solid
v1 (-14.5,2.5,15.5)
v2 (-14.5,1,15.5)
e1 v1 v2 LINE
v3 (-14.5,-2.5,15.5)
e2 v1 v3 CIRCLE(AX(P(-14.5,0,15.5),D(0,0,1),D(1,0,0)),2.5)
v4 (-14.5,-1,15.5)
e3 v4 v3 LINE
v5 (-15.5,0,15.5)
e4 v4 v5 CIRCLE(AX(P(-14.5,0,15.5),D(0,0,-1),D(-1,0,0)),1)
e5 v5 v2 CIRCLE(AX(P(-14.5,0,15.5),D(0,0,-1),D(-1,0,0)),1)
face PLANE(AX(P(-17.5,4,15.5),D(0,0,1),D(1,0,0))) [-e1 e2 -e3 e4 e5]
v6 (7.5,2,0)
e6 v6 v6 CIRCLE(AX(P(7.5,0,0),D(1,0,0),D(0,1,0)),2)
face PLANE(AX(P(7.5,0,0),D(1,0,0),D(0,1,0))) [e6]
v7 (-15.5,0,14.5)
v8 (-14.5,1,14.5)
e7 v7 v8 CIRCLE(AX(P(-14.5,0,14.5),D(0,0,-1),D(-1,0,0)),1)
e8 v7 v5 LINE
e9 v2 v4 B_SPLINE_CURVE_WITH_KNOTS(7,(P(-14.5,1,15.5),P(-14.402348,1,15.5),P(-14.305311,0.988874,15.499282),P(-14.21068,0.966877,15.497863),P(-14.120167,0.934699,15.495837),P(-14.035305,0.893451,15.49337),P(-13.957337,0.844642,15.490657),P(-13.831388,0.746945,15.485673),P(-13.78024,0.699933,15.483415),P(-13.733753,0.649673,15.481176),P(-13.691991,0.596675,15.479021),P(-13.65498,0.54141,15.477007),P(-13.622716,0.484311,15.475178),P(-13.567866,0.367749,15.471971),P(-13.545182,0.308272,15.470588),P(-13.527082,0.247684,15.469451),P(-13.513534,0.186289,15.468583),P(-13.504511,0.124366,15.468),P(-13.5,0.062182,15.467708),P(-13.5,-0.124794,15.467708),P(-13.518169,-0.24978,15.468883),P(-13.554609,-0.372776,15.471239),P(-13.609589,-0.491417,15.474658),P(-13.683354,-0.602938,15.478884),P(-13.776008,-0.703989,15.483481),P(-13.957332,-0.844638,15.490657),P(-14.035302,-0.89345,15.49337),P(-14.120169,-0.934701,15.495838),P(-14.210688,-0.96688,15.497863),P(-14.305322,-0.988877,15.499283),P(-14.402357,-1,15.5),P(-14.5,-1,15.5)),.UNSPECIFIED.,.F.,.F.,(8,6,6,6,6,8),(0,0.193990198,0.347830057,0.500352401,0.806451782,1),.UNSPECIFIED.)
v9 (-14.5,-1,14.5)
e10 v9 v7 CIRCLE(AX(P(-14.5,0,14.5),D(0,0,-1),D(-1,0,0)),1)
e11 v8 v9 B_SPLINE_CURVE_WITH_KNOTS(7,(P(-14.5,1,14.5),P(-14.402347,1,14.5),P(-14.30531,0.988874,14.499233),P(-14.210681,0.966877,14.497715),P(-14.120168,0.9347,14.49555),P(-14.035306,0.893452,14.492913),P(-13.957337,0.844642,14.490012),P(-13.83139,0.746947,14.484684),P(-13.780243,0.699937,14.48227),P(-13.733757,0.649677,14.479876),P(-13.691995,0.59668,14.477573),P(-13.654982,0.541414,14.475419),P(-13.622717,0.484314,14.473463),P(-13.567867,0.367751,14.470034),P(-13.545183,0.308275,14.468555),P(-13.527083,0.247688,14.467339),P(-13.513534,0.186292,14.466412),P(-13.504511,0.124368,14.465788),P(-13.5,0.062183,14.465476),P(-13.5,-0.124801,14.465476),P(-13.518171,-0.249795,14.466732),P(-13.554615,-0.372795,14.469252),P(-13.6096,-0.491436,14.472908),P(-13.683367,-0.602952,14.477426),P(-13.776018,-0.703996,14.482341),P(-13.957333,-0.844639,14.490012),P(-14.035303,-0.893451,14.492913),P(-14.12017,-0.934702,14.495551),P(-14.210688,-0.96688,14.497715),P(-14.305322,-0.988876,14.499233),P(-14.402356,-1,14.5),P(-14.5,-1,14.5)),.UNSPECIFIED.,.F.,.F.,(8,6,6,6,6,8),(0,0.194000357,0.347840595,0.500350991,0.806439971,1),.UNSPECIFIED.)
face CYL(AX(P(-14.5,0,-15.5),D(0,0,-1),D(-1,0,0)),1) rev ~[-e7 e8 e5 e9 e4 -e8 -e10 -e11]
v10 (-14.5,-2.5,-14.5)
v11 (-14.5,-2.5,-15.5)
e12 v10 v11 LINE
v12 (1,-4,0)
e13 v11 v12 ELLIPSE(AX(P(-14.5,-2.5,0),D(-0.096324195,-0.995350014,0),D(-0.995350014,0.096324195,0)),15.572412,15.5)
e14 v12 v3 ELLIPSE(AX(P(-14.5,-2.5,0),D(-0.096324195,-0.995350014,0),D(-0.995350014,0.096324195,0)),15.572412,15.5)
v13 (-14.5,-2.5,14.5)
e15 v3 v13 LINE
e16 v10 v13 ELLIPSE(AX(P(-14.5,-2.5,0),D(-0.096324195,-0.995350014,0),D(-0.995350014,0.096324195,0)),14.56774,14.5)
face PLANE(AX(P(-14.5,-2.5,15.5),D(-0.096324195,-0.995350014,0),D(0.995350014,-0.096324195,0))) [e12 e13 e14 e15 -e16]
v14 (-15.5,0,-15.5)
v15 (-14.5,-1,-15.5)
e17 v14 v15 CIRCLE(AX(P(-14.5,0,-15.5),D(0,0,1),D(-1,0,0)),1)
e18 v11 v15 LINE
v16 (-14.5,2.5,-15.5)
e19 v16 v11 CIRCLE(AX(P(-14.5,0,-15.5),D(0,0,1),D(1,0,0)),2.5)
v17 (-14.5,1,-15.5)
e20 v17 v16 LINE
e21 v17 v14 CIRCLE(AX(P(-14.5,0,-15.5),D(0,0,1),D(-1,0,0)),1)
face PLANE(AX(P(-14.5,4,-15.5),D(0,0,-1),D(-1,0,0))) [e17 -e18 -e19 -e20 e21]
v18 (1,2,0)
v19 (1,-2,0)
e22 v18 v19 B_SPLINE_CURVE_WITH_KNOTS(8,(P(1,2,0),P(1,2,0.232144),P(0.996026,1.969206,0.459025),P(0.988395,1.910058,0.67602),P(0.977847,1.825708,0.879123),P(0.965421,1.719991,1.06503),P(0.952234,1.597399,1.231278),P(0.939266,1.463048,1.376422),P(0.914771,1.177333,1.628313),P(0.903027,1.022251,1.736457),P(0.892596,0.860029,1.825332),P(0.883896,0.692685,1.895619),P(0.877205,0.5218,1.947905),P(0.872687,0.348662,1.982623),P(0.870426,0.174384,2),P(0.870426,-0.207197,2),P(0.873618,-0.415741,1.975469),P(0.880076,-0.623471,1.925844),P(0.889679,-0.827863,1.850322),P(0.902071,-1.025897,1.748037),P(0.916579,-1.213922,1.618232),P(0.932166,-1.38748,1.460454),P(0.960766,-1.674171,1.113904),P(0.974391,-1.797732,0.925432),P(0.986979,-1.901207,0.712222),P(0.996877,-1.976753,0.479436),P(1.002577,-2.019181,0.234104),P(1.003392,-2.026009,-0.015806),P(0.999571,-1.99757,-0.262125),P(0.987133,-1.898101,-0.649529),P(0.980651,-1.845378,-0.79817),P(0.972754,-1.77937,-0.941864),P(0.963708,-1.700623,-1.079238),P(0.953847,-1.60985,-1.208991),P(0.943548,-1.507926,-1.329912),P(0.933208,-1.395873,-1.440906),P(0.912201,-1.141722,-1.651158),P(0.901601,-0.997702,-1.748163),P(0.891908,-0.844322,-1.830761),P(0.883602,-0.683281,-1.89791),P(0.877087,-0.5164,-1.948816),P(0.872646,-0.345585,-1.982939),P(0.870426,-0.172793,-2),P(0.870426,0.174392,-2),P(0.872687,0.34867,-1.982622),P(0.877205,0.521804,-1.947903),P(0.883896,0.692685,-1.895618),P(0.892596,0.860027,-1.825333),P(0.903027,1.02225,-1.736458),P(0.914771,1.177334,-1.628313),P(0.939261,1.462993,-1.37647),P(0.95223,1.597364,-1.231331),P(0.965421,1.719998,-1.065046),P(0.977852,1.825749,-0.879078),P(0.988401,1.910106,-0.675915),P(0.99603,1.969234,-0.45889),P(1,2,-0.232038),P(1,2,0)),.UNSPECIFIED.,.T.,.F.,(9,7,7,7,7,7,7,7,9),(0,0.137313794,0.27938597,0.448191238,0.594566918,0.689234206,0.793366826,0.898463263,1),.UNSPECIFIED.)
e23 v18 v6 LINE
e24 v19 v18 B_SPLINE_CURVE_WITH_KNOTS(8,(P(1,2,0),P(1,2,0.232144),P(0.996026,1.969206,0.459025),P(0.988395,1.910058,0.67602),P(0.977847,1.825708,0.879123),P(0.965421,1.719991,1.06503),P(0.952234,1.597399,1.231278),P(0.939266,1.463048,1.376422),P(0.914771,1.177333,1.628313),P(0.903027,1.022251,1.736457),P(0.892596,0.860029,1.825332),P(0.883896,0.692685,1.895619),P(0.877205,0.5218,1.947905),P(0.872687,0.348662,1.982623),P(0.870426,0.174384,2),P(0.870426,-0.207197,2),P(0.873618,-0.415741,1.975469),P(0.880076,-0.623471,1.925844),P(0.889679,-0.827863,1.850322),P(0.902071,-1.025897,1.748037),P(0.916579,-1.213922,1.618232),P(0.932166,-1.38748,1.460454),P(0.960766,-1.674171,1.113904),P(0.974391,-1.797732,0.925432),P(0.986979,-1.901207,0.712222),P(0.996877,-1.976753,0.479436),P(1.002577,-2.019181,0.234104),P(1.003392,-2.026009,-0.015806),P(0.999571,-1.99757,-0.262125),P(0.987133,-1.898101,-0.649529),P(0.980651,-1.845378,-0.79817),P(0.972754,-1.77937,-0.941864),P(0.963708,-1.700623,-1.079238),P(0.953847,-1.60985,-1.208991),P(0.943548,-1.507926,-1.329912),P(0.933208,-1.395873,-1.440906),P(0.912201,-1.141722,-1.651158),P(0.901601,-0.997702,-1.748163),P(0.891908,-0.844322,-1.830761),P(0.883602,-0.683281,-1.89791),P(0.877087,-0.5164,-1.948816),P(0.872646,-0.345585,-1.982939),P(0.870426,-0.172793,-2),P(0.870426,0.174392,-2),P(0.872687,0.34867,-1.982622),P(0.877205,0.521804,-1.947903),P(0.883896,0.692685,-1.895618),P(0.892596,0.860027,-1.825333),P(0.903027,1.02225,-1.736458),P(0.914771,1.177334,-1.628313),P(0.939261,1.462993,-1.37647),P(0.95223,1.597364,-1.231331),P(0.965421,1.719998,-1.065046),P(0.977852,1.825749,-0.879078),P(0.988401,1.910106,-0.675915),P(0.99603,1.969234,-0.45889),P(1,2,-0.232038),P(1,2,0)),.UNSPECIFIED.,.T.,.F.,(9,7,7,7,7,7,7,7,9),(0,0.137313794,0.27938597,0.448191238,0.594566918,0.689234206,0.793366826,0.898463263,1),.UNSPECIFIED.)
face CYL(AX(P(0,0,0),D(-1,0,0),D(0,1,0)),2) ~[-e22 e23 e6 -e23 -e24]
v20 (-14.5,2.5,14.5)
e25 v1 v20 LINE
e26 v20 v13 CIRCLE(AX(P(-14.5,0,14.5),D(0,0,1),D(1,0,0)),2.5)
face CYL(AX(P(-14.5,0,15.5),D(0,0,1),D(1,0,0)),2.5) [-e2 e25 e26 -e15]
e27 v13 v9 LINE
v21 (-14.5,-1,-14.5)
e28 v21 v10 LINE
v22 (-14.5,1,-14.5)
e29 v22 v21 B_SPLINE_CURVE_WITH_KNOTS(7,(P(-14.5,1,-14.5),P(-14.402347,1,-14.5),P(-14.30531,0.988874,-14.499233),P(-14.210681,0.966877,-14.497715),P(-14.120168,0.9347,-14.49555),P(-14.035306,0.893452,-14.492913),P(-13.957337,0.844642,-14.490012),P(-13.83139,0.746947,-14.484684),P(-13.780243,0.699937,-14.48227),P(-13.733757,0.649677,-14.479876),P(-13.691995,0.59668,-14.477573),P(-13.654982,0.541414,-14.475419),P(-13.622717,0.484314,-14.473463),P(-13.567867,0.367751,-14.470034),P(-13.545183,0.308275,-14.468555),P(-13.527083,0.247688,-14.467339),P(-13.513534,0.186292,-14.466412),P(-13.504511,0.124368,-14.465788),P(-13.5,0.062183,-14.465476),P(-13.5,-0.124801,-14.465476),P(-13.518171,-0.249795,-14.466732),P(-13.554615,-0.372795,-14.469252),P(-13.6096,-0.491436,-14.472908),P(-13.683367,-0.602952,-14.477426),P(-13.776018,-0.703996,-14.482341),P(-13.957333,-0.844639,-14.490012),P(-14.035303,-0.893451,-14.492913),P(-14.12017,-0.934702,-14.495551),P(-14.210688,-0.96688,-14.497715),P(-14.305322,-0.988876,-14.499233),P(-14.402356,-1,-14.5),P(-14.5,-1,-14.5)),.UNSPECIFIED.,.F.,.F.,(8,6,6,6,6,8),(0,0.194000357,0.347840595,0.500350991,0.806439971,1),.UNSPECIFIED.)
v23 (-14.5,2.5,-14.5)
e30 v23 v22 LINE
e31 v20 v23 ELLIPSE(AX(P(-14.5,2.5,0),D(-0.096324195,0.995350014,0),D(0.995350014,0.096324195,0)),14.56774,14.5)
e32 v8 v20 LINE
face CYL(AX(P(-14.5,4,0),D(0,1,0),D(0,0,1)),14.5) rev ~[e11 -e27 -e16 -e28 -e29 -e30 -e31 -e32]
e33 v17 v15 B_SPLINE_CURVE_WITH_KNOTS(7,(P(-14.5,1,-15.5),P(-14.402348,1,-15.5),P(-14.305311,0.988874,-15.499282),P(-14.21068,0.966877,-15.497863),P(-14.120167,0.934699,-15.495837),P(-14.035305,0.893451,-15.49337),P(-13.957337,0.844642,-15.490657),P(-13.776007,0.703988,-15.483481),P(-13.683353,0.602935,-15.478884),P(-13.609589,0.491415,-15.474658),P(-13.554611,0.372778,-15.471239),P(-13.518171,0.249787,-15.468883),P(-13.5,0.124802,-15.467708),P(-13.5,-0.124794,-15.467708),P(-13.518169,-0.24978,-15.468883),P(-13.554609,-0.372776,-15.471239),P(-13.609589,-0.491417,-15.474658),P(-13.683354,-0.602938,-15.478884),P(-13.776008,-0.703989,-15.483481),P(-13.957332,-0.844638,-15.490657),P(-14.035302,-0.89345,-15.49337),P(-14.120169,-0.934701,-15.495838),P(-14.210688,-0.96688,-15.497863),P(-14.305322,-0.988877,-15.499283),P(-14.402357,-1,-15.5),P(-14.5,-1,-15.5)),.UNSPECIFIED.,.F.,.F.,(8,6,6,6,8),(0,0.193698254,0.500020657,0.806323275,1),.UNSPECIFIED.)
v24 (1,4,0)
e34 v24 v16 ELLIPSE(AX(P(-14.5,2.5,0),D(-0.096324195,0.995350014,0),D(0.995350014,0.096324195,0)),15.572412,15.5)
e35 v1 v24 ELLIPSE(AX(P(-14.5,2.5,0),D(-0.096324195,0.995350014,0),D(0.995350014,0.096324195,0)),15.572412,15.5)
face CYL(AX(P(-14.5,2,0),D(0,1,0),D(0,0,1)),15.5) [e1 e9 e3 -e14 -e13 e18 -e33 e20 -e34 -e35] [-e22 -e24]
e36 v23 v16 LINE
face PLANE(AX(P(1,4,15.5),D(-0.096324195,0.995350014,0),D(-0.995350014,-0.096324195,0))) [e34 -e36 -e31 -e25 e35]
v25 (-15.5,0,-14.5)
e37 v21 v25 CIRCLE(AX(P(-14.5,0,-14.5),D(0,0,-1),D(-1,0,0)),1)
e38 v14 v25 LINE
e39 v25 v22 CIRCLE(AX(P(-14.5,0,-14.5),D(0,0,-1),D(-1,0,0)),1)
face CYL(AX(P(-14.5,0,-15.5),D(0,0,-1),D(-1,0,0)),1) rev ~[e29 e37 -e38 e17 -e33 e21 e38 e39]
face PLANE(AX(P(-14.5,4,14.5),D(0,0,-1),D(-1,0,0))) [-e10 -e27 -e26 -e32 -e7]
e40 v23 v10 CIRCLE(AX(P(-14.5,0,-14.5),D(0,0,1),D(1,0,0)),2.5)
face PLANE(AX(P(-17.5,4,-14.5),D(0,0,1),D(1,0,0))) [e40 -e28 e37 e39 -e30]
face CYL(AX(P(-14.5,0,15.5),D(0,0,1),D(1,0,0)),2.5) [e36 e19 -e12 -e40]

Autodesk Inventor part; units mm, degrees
ref_plane "YZ Plane" through (0, 0, 0) normal (1, 0, 0) x (0, 1, 0)
ref_plane "XY Plane" through (0, 0, 0) normal (0, 0, 1) x (1, 0, 0)
sketch "Sketch1" plane through (0, 0, 0) normal (1, 0, 0) x (0, 1, 0)
  circle A0 centre (0, 0) radius 2
  dimension "d0" = 4
extrude "Extrusion1" add sketch "Sketch1" along normal blind 7.5
ref_plane "Work Plane1" through (0, 2, 0) normal (0, 1, 0) x (-1, 0, 0)
sketch "Sketch2" plane through (0, 2, 0) normal (0, 1, 0) x (-1, 0, 0)
  arc A0 (14.5, 14.5) -> (14.5, -14.5) centre (14.5, 0) ccw
  arc A1 (14.5, 15.5) -> (14.5, -15.5) centre (14.5, 0) ccw
  line L0 (14.5, 15.5) -> (14.5, 14.5)
  line L1 (14.5, -14.5) -> (14.5, -15.5)
  point P0 (0, 0)
  dimension "d5" = 31
extrude "Extrusion2" add sketch "Sketch2" against normal blind 4
sketch "Sketch3" plane through (0, 2, 0) normal (0, 1, 0) x (1, 0, 0)
  point P0 (-14.5, -14.5)
  point P1 (-14.5, 14.5)
  point P2 (-14.5, 0)
  point P3 (-14.5, -15.5)
ref_plane "Work Plane2" through (0, 4, 0) normal (0, 1, 0) x (-1, 0, 0)
sketch "Sketch4" plane through (0, 4, 0) normal (0, 1, 0) x (-1, 0, 0)
  arc A0 (14.5, 15.5) -> (-1, 0) centre (14.5, 0) ccw projected
  arc A1 (14.5, 15.5) -> (14.5, -15.5) centre (14.5, 0) ccw
  arc A2 (14.5, 14.5) -> (14.5, -14.5) centre (14.5, 0) ccw
  line L0 (14.5, 15.5) -> (14.5, 14.5)
  arc A3 (14.5, 14.5) -> (14.5, -14.5) centre (14.5, 0) ccw projected
  line L1 (14.5, -14.5) -> (14.5, -15.5)
  line L2 (14.5, 14.5) -> (17.5, 14.5)
  line L3 (17.5, 14.5) -> (17.5, 15.5)
  line L4 (17.5, 15.5) -> (14.5, 15.5)
  line L5 (14.5, -15.5) -> (17.5, -15.5)
  line L6 (17.5, -15.5) -> (17.5, -14.5)
  line L7 (17.5, -14.5) -> (14.5, -14.5)
  point P0 (0, 0)
  dimension "d10" = 3
  dimension "d11" = 1
  dimension "d12" = 3
extrude "Extrusion3" add sketch "Sketch4" against normal blind 8
sketch "Sketch5" plane through (-17.5, 4, 15.5) normal (0, 0, 1) x (1, 0, 0)
  line L0 (3, 0) -> (3, -8) projected
  circle A0 centre (3, -4) radius 2.5
  line L1 (3, -8) -> (18.5, -8) projected
  line L2 (3, -6.5) -> (18.5, -8)
  line L3 (18.5, -8) -> (-0.017, -8)
  line L4 (-0.017, -8) -> (-0.017, 0)
  line L5 (-0.017, 0) -> (18.5, 0)
  line L6 (18.5, 0) -> (18.5, -8) projected
  line L7 (18.5, 0) -> (3, -1.5)
  point P0 (17.5, -4)
  dimension "d15" = 5
extrude "Extrusion4" cut sketch "Sketch5" against normal through all contours L5 L7 L0 | L0 A0 L3 L4 L5 | L2 L1 L0
sketch "Sketch6" plane through (-14.5, 0, -15.5) normal (0, 0, -1) x (-1, 0, 0)
  line L0 (0, 2.5) -> (0, -2.5) projected
  circle A0 centre (0, 0) radius 1
  point P0 (-14.5, 0)
  dimension "d18" = 2
extrude "Extrusion5" cut sketch "Sketch6" against normal through all
properties part number "Sujetador Espejo"
